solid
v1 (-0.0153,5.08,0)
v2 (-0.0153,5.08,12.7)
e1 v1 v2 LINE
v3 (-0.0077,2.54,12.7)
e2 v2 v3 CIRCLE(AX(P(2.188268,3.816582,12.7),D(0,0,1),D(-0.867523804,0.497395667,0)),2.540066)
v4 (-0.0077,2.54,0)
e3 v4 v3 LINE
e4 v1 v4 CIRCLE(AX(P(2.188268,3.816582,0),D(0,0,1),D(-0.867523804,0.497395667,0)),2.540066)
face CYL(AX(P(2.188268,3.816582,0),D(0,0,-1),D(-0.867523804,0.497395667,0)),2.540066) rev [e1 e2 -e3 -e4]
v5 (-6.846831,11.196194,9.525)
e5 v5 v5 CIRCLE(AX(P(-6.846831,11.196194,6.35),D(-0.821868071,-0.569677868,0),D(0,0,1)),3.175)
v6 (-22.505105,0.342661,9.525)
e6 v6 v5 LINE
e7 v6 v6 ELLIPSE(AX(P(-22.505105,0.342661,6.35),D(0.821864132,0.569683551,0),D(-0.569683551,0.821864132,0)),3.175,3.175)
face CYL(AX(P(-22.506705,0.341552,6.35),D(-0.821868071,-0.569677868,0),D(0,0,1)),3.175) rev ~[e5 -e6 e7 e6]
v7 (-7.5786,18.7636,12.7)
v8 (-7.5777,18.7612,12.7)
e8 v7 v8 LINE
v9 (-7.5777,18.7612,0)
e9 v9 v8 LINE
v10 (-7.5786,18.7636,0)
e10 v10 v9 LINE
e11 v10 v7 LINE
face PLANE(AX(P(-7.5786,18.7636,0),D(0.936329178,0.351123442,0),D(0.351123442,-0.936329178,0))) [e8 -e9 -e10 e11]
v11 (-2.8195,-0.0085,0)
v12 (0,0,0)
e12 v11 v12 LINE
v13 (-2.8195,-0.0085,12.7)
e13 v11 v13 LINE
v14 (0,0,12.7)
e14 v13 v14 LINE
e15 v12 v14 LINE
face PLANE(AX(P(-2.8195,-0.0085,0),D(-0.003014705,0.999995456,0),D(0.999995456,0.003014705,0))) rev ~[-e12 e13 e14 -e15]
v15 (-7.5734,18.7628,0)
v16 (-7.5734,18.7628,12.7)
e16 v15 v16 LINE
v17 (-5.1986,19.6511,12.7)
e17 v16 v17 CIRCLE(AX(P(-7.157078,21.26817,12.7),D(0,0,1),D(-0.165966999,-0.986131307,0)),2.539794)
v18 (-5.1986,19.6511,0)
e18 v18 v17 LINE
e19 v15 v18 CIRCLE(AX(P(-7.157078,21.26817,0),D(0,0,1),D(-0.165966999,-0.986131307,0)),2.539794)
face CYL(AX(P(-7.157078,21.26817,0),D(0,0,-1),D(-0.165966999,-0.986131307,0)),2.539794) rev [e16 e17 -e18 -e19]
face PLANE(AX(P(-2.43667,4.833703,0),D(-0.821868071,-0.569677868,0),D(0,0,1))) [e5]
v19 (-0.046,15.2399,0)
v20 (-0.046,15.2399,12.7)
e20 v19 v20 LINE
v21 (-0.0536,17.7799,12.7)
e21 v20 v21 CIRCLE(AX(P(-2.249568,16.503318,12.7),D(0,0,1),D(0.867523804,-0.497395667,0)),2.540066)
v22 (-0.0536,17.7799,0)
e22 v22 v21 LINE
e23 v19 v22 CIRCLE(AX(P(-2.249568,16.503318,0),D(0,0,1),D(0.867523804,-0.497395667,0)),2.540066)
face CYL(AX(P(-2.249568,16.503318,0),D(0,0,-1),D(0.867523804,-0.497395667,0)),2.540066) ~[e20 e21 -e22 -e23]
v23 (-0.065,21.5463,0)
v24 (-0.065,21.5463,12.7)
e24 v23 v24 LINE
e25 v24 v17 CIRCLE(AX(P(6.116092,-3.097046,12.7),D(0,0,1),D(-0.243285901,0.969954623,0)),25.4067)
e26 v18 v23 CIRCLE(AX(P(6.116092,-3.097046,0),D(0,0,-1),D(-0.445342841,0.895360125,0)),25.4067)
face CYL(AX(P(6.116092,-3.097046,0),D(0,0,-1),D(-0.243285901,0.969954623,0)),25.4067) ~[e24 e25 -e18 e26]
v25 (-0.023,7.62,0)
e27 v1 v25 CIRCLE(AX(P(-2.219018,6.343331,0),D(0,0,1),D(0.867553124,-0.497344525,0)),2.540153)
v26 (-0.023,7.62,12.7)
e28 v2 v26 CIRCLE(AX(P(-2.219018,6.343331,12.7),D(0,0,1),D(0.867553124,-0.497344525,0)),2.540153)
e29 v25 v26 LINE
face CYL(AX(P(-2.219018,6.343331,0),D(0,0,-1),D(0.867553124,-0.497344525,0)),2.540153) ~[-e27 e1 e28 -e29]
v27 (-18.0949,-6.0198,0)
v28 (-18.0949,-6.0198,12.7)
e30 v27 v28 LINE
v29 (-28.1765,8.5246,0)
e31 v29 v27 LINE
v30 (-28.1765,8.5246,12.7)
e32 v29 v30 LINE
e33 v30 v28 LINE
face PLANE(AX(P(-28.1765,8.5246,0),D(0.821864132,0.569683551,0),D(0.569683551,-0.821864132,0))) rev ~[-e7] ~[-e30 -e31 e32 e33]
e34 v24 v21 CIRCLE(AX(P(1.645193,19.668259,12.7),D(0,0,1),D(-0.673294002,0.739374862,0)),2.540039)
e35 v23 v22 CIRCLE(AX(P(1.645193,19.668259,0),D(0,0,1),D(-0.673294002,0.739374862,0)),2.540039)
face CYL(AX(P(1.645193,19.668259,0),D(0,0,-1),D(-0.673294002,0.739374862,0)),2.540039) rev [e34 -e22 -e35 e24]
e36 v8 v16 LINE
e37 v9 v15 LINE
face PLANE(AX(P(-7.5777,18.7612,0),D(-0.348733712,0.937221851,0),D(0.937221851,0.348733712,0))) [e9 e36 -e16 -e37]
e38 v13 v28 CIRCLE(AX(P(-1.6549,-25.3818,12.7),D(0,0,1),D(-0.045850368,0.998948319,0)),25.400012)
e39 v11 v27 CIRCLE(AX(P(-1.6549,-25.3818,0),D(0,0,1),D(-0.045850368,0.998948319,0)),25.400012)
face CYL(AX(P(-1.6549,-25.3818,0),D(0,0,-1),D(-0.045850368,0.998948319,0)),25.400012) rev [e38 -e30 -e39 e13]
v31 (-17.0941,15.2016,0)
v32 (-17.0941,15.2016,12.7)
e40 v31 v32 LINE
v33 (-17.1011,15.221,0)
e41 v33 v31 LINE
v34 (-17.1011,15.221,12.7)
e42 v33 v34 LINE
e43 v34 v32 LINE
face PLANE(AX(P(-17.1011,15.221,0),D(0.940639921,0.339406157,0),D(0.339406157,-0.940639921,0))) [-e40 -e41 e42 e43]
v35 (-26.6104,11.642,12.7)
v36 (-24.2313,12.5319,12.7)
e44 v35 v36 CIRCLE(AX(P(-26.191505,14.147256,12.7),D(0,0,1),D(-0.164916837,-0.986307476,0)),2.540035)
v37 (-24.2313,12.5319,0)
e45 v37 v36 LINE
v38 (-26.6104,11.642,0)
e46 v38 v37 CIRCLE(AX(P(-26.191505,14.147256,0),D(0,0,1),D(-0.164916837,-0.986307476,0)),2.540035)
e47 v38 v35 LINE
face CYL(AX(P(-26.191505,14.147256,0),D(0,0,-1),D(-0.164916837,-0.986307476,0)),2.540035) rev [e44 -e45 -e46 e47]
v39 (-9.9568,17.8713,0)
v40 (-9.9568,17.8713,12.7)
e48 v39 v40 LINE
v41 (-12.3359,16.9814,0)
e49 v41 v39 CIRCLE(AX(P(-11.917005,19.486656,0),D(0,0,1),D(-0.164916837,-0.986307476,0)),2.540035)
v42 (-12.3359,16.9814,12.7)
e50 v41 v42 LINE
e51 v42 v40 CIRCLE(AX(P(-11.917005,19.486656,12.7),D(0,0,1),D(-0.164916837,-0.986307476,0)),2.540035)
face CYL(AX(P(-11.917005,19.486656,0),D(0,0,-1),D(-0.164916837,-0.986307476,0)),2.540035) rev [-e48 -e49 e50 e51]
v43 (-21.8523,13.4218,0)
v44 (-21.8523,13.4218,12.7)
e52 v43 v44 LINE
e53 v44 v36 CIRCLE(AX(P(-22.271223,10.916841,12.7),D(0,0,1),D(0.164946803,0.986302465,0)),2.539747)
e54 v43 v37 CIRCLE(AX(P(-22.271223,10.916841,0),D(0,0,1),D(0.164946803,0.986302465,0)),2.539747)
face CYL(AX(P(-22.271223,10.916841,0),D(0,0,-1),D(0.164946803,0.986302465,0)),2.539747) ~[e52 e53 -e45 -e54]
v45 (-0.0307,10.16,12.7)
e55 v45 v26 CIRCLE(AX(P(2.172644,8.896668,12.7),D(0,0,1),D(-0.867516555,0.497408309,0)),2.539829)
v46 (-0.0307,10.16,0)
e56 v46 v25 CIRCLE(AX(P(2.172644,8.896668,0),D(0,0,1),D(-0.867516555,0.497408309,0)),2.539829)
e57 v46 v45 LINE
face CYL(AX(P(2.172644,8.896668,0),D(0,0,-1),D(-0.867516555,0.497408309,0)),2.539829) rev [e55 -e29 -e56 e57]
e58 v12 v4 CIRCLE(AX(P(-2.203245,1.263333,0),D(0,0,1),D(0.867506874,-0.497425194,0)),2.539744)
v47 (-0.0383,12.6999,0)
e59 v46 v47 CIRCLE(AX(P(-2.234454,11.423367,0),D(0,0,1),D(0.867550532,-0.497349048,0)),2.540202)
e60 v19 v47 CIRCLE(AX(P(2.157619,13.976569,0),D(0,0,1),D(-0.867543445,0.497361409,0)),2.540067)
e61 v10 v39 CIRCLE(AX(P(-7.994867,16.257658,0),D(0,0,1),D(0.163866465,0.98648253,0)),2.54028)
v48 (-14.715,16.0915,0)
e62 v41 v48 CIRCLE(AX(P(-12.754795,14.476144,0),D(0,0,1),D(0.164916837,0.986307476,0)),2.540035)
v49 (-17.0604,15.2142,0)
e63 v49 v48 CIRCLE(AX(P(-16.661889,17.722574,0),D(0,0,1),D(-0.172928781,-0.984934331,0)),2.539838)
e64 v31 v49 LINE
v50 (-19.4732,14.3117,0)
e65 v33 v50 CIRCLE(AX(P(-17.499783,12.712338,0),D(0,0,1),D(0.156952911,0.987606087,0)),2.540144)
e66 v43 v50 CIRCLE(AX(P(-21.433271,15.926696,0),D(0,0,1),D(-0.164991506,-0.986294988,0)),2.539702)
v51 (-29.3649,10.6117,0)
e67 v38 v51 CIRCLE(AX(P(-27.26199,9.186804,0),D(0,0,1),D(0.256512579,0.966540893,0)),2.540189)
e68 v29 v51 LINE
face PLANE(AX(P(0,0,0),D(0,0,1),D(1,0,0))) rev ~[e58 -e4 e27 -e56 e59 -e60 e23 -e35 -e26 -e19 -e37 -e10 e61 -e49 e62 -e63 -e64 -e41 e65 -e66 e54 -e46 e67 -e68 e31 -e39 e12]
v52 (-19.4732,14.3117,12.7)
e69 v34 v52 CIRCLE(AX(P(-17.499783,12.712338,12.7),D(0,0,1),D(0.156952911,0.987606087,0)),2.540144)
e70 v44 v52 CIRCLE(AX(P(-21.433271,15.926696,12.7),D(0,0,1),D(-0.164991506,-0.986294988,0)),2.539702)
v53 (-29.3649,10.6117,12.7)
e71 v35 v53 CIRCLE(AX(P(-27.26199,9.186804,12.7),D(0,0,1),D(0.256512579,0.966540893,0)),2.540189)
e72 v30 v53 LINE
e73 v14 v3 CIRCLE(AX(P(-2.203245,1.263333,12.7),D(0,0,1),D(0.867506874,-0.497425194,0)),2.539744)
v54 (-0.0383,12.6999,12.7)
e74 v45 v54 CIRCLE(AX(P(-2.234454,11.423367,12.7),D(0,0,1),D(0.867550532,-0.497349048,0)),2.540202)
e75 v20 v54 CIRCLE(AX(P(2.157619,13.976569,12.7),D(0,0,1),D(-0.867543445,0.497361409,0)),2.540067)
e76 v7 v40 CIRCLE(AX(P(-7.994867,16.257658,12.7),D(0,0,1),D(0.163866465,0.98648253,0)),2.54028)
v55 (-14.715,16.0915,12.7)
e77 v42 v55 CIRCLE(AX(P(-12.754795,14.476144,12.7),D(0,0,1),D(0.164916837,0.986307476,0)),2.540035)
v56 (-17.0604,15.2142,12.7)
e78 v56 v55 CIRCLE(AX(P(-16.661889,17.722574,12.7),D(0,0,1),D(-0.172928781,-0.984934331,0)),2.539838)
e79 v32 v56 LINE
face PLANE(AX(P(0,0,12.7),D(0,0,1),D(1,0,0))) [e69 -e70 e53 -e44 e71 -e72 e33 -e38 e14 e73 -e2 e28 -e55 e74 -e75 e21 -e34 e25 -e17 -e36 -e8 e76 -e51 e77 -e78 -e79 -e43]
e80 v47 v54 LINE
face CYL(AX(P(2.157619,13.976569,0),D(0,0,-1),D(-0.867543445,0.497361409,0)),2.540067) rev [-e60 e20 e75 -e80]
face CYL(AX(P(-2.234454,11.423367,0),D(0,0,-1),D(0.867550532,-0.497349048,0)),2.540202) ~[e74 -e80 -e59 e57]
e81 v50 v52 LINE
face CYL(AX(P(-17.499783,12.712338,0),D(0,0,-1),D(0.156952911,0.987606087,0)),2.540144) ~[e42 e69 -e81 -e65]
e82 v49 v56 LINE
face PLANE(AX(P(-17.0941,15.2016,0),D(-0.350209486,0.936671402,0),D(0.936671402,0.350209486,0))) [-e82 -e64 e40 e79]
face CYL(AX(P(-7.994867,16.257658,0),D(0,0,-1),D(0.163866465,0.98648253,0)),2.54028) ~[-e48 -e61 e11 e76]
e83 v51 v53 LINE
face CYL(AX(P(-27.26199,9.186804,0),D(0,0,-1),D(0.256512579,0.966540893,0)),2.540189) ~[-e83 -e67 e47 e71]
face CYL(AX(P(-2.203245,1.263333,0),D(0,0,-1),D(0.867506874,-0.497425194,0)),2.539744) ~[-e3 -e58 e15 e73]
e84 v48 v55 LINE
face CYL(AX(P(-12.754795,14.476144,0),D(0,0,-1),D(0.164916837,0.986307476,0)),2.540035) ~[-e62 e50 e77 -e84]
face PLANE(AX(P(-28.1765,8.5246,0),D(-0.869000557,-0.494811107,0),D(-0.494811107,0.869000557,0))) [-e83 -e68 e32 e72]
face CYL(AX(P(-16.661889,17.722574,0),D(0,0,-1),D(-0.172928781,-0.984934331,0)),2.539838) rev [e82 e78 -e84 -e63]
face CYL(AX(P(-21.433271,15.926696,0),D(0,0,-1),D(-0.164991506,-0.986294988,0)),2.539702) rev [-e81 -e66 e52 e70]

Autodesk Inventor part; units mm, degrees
ref_plane "YZ Plane" through (0, 0, 0) normal (1, 0, 0) x (0, 1, 0)
ref_plane "XZ Plane" through (0, 0, 0) normal (0, 1, 0) x (-1, 0, 0)
ref_plane "XY Plane" through (0, 0, 0) normal (0, 0, 1) x (1, 0, 0)
sketch "Sketch1" plane through (0, 0, 0) normal (0, 0, 1) x (1, 0, 0)
  line L0 (0, 0) -> (-1.6764, 0)
  line L1 (-2.8195, 0) -> (-2.8195, -0.0085)
  arc A0 (-2.8195, -0.0085) -> (-18.0949, -6.0198) centre (-1.6549, -25.3818) ccw
  line L2 (-28.1765, 8.5246) -> (-18.0949, -6.0198)
  line L3 (-28.1765, 8.5246) -> (-29.3649, 10.6117)
  line L4 (-17.1011, 15.221) -> (-17.0941, 15.2016)
  line L5 (-9.9296, 17.7969) -> (-9.9234, 17.7799)
  line L6 (-7.5786, 18.7636) -> (-7.5777, 18.7612)
  line L7 (-2.8195, -0.0085) -> (0, 0)
  line L8 (-0.0077, 2.54) -> (0, 0)
  arc A1 (-26.6104, 11.642) -> (-29.3649, 10.6117) centre (-27.262, 9.187) ccw
  arc A2 (-26.6104, 11.642) -> (-24.2313, 12.5319) centre (-26.1915, 14.1472) ccw
  arc A3 (-21.8523, 13.4218) -> (-24.2313, 12.5319) centre (-22.2712, 10.9166) ccw
  arc A4 (-21.8523, 13.4218) -> (-19.4732, 14.3117) centre (-21.4333, 15.927) ccw
  arc A5 (-17.1011, 15.221) -> (-19.4732, 14.3117) centre (-17.4998, 12.7125) ccw
  arc A6 (-17.1011, 15.221) -> (-14.715, 16.0915) centre (-16.6619, 17.7227) ccw
  arc A7 (-12.3359, 16.9814) -> (-14.715, 16.0915) centre (-12.7548, 14.4762) ccw
  arc A8 (-12.3359, 16.9814) -> (-9.9568, 17.8713) centre (-11.917, 19.4866) ccw
  arc A9 (-7.5786, 18.7636) -> (-9.9568, 17.8713) centre (-7.9949, 16.258) ccw
  arc A10 (-7.5786, 18.7636) -> (-5.1986, 19.6511) centre (-7.1571, 21.2684) ccw
  arc A11 (-0.065, 21.5463) -> (-5.1986, 19.6511) centre (6.1141, -3.0906) ccw
  arc A12 (-0.065, 21.5463) -> (-0.0536, 17.7799) centre (1.6451, 19.6683) ccw
  arc A13 (-0.046, 15.2399) -> (-0.0536, 17.7799) centre (-2.2495, 16.5033) ccw
  arc A14 (-0.046, 15.2399) -> (-0.0383, 12.6999) centre (2.1575, 13.9766) ccw
  arc A15 (-0.0307, 10.16) -> (-0.0383, 12.6999) centre (-2.2342, 11.4233) ccw
  arc A16 (-0.0307, 10.16) -> (-0.023, 7.62) centre (2.1729, 8.8966) ccw
  arc A17 (-0.0153, 5.08) -> (-0.023, 7.62) centre (-2.2189, 6.3433) ccw
  arc A18 (-0.0153, 5.08) -> (-0.0077, 2.54) centre (2.1882, 3.8166) ccw
  arc A19 (0, 0) -> (-0.0077, 2.54) centre (-2.2035, 1.2634) ccw
  line L9 (-0.275, 21.4927) -> (-0.0651, 21.5712)
  line L10 (-7.5777, 18.7612) -> (-7.5734, 18.7628)
  line L11 (-29.3649, 10.6117) -> (-26.6104, 11.642)
  line L12 (-17.0941, 15.2016) -> (-17.0604, 15.2142)
  line L13 (-0.0651, 21.5712) -> (-0.065, 21.5463)
  line L14 (-0.0077, 2.54) -> (0, 0)
  line L15 (-2.8195, 0) -> (-2.8195, 3.7275)
  dimension "d14" = 10.6117
  dimension "d15" = 29.3649
  dimension "d21" = 21.5712
  dimension "d22" = 29.2998
  dimension "d25" = 6.0198
  dimension "d26" = 18.0949
  dimension "d27" = 0
  dimension "d30" = 2.54
  dimension "d40" = 2.54
  dimension "d41" = 2.54
  dimension "d42" = 2.54
  dimension "d43" = 2.54
  dimension "d44" = 2.54
  dimension "d45" = 2.54
  dimension "d46" = 2.54
  dimension "d47" = 2.54
  dimension "d48" = 2.54
  dimension "d49" = 2.54
  dimension "d50" = 25.4
  dimension "d51" = 2.54
  dimension "d52" = 2.54
  dimension "d53" = 2.54
  dimension "d54" = 2.54
  dimension "d55" = 2.54
  dimension "d56" = 2.54
  dimension "d57" = 2.54
  dimension "d58" = 2.54
extrude "Extrusion1" add sketch "Sketch1" along normal blind 12.7 contours A0 L2 L3 L11 A2 A3 A4 A5 L4 L12 A6 A7 A8 A9 L6 L10 A10 A11 A12 A13 A14 A15 A16 A17 A18 L8 L7 | L8 A19 | A1 L11
sketch "Sketch2" plane through (-18.0949, -6.0198, 0) normal (-0.8219, -0.5697, 0) x (0, 0, 1)
  line L0 (0, 17.6968) -> (0, 0) projected
  line L1 (12.7, 17.751) -> (0, 17.751)
  line L2 (0, 17.751) -> (0, 0)
  line L3 (0, 0) -> (12.7, 0)
  line L4 (12.7, 0) -> (12.7, 17.751)
  line L5 (12.7, 0.1215) -> (0, 0.1215) projected
  line L6 (12.7, 17.751) -> (6.35, 17.751)
  line L7 (6.35, 17.751) -> (6.35, 0.1215)
  line L8 (6.35, 0.1215) -> (12.7, 0.1215)
  line L9 (12.7, 0.1215) -> (12.7, 17.751)
  circle A0 centre (6.35, 7.7415) radius 3.175
  point P0 (0, -5.3609)
  dimension "d62" = 6.35
  dimension "d63" = 7.62
extrude "Extrusion2" cut sketch "Sketch2" against normal blind 19.05 contours A0 L7 | L7 A0
properties part number "tippa dis claw"
